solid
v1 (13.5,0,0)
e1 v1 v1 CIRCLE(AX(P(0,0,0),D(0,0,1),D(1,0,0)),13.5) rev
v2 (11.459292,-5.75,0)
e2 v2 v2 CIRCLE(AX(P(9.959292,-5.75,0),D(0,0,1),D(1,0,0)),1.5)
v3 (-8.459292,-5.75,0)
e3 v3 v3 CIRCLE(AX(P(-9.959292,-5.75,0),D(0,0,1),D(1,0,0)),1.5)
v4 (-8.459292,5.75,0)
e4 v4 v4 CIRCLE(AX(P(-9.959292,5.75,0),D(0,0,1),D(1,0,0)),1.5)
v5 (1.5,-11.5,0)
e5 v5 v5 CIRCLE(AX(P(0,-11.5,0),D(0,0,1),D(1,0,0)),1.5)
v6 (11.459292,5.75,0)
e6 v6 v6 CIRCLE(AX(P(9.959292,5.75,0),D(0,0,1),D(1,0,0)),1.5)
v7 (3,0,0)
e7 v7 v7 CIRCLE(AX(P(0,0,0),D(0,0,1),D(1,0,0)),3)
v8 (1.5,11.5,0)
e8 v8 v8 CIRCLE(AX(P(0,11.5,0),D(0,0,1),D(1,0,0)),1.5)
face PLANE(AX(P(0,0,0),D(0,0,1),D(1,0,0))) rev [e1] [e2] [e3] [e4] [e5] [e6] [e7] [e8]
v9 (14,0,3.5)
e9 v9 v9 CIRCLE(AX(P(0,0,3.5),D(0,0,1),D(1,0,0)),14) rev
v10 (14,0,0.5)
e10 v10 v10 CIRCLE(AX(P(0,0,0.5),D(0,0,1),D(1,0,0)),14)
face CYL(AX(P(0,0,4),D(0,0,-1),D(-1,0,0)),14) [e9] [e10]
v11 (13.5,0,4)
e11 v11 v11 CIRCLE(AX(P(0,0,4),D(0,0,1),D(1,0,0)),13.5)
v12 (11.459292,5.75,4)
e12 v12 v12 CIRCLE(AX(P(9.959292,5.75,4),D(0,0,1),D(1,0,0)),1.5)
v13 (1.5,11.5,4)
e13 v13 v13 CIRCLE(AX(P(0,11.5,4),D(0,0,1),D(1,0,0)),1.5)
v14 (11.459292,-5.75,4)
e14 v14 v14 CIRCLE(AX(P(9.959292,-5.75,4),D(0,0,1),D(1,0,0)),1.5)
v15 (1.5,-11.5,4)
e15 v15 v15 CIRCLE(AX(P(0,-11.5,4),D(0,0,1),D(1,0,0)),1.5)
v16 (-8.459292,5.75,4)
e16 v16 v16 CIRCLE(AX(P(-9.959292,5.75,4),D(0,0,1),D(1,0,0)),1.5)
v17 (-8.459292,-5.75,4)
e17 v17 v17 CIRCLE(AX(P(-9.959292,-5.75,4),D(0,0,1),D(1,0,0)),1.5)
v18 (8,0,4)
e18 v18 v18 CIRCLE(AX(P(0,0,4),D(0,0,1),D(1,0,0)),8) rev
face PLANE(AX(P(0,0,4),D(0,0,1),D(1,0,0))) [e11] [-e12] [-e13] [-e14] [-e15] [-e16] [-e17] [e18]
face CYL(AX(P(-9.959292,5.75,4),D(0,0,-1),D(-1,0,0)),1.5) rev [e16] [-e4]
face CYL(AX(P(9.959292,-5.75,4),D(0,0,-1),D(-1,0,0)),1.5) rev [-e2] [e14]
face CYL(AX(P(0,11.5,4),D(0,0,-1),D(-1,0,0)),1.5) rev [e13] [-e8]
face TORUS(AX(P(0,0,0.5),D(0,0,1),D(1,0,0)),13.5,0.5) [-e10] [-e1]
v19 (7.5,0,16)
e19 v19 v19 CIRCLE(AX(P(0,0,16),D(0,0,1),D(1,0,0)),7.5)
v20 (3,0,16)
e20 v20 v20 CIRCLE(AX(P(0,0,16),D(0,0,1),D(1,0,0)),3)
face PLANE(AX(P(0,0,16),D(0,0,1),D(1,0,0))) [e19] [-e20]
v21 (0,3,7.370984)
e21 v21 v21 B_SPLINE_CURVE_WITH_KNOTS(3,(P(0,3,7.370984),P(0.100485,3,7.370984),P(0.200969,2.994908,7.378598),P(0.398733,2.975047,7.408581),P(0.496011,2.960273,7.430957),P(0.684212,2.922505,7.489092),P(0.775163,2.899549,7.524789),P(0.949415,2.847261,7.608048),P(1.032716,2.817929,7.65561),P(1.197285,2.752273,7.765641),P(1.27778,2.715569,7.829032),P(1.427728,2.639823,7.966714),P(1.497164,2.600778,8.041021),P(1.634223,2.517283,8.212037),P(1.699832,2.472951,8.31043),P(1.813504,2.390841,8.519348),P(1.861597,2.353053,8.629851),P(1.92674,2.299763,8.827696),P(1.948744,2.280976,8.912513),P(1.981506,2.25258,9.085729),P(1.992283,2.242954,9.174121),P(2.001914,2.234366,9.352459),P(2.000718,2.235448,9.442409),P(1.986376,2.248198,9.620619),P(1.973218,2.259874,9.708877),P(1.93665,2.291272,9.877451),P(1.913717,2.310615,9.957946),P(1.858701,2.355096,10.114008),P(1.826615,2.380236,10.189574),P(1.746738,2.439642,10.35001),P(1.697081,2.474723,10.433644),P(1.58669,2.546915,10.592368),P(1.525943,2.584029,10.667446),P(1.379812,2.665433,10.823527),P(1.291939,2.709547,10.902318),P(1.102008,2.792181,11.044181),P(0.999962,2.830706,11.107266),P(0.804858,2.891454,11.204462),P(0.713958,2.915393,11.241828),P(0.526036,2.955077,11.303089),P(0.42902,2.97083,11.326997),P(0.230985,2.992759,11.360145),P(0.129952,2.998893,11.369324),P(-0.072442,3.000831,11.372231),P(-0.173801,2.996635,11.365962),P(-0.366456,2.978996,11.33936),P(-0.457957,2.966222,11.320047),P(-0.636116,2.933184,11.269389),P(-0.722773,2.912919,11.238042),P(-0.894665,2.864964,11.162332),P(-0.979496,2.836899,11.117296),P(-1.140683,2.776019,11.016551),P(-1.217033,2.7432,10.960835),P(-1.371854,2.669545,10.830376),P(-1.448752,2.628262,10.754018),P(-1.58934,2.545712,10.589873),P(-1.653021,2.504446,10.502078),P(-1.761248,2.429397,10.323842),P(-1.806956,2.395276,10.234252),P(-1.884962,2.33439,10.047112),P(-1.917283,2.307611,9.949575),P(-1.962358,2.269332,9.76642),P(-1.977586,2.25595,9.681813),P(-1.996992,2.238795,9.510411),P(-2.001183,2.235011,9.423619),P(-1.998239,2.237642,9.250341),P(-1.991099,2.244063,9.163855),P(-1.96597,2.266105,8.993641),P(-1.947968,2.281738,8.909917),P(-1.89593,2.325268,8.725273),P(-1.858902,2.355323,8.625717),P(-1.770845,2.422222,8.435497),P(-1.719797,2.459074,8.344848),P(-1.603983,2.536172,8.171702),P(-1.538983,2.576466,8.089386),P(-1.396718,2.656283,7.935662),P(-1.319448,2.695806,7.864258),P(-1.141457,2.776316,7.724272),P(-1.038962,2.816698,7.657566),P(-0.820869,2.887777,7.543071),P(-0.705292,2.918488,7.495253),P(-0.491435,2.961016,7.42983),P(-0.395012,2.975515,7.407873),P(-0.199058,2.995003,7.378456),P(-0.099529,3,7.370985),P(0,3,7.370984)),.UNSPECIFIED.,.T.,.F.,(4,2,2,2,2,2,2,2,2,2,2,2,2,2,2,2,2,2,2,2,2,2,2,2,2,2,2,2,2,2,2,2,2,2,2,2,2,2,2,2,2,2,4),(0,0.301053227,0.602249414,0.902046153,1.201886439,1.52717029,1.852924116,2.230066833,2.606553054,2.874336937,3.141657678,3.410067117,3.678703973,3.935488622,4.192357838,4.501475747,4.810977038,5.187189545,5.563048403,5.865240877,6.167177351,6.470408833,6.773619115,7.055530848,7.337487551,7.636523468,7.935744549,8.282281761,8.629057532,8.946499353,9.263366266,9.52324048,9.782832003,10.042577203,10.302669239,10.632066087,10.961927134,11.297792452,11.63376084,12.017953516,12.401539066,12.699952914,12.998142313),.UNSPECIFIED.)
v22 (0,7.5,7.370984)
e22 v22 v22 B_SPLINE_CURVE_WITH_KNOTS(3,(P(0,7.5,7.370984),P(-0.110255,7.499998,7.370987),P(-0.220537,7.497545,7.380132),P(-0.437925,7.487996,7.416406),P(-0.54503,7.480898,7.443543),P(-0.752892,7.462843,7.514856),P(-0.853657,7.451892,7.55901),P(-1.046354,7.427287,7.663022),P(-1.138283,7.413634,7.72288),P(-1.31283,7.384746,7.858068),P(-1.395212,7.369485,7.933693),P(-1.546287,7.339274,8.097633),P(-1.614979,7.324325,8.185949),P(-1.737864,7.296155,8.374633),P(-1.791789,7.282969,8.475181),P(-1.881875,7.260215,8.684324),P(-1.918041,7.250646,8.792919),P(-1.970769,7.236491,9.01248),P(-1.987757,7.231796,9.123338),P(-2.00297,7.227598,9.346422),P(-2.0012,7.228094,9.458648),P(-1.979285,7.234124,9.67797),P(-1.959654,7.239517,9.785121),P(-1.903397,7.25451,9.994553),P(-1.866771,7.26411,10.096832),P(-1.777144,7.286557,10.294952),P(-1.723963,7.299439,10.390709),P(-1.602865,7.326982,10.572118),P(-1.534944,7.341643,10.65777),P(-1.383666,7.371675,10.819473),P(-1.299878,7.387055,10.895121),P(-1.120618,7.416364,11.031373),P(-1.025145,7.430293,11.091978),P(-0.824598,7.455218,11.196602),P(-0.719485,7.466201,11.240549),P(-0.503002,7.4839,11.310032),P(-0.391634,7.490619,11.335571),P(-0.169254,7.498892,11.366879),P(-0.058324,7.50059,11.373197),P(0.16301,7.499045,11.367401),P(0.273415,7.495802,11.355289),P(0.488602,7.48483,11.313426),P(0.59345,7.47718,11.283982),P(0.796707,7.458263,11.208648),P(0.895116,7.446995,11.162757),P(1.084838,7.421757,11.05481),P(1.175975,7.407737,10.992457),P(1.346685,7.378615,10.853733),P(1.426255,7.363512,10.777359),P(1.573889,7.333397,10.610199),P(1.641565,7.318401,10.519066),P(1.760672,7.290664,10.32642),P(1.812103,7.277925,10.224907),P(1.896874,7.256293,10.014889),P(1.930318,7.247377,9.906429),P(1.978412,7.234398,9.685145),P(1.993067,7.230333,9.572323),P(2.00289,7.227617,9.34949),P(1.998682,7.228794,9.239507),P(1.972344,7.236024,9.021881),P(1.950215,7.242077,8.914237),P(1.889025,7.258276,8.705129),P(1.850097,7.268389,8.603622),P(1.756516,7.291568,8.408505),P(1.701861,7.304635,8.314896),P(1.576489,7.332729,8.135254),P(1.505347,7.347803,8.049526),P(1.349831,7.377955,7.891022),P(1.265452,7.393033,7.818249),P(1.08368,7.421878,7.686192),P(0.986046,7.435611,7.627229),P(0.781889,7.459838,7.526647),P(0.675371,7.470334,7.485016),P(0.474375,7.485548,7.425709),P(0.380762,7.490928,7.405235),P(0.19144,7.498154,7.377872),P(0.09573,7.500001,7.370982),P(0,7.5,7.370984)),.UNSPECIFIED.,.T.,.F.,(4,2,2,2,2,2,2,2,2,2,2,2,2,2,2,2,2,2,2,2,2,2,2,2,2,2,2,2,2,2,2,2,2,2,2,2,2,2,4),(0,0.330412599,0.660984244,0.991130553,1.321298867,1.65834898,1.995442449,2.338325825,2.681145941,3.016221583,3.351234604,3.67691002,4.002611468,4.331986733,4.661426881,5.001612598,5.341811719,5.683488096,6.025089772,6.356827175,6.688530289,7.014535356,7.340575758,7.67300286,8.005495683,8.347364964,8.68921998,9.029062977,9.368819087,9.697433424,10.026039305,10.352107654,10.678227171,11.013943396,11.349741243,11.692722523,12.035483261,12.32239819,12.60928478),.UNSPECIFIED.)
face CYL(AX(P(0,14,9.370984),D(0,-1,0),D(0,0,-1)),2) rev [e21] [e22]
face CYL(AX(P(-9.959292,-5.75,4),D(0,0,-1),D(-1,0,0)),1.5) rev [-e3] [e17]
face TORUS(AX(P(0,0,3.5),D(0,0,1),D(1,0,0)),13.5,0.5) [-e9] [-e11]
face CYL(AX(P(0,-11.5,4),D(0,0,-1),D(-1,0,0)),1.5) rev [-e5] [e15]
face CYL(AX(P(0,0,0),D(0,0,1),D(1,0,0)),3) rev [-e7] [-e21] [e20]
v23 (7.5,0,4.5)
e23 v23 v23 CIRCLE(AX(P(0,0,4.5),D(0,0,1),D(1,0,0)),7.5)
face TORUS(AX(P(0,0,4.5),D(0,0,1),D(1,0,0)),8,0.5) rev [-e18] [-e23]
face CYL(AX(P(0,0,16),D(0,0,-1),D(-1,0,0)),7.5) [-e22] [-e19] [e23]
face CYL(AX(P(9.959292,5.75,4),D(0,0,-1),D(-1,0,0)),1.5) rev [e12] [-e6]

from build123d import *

# Parameters (mm, degrees)
SKETCH_1_R          = 14
SKETCH_1_R_2        = 1.5
EXTRUDE_1_DEPTH     = 4
SKETCH_2_R          = 7.5
EXTRUDE_2_DEPTH     = 12
SKETCH_3_R          = 3
CUT_EXTRUDE_1_DEPTH = 17
FILLET_1_R          = 0.5
FILLET_2_R          = 0.5
SKETCH_4_R          = 2
CUT_EXTRUDE_3_DEPTH = 15.0000001


with BuildPart() as part:
    # 草图1 → 凸台-拉伸1 (new body)
    with BuildSketch(Plane.XY):
        Circle(SKETCH_1_R)
        with Locations((0, 11.5)):
            Circle(SKETCH_1_R_2, mode=Mode.SUBTRACT)
        with Locations((9.959292144, 5.75)):
            Circle(SKETCH_1_R_2, mode=Mode.SUBTRACT)
        with Locations((9.959292144, -5.75)):
            Circle(SKETCH_1_R_2, mode=Mode.SUBTRACT)
        with Locations((0, -11.5)):
            Circle(SKETCH_1_R_2, mode=Mode.SUBTRACT)
        with Locations((-9.959292144, -5.75)):
            Circle(SKETCH_1_R_2, mode=Mode.SUBTRACT)
        with Locations((-9.959292144, 5.75)):
            Circle(SKETCH_1_R_2, mode=Mode.SUBTRACT)
    extrude(amount=EXTRUDE_1_DEPTH)

    # 草图2 → 凸台-拉伸2 (add)
    with BuildSketch(Plane.XY.offset(4)):
        Circle(SKETCH_2_R)
    extrude(amount=EXTRUDE_2_DEPTH)

    # 草图3 → 切除-拉伸1 (cut, through all)
    with BuildSketch(Plane.XY.offset(16)):
        Circle(SKETCH_3_R)
    extrude(amount=-CUT_EXTRUDE_1_DEPTH, mode=Mode.SUBTRACT)

    # 圆角1
    fillet_1_edges = [part.edges().sort_by_distance(p)[0] for p in [
        (-14, 0, 0),
        (-14, 0, 4),
    ]]
    fillet(fillet_1_edges, radius=FILLET_1_R)

    # 圆角2
    fillet_2_edges = [part.edges().sort_by_distance(p)[0] for p in [
        (-7.5, 0, 4),
    ]]
    fillet(fillet_2_edges, radius=FILLET_2_R)

    # 草图4 → 切除-拉伸3 (cut, through all)
    with BuildSketch(Plane(origin=(0, 0, 0), x_dir=(1, 0, 0), z_dir=(0, 1, 0))):
        with Locations((0, -9.370984313)):
            Circle(SKETCH_4_R)
    extrude(amount=CUT_EXTRUDE_3_DEPTH, mode=Mode.SUBTRACT)


solid = part.part
